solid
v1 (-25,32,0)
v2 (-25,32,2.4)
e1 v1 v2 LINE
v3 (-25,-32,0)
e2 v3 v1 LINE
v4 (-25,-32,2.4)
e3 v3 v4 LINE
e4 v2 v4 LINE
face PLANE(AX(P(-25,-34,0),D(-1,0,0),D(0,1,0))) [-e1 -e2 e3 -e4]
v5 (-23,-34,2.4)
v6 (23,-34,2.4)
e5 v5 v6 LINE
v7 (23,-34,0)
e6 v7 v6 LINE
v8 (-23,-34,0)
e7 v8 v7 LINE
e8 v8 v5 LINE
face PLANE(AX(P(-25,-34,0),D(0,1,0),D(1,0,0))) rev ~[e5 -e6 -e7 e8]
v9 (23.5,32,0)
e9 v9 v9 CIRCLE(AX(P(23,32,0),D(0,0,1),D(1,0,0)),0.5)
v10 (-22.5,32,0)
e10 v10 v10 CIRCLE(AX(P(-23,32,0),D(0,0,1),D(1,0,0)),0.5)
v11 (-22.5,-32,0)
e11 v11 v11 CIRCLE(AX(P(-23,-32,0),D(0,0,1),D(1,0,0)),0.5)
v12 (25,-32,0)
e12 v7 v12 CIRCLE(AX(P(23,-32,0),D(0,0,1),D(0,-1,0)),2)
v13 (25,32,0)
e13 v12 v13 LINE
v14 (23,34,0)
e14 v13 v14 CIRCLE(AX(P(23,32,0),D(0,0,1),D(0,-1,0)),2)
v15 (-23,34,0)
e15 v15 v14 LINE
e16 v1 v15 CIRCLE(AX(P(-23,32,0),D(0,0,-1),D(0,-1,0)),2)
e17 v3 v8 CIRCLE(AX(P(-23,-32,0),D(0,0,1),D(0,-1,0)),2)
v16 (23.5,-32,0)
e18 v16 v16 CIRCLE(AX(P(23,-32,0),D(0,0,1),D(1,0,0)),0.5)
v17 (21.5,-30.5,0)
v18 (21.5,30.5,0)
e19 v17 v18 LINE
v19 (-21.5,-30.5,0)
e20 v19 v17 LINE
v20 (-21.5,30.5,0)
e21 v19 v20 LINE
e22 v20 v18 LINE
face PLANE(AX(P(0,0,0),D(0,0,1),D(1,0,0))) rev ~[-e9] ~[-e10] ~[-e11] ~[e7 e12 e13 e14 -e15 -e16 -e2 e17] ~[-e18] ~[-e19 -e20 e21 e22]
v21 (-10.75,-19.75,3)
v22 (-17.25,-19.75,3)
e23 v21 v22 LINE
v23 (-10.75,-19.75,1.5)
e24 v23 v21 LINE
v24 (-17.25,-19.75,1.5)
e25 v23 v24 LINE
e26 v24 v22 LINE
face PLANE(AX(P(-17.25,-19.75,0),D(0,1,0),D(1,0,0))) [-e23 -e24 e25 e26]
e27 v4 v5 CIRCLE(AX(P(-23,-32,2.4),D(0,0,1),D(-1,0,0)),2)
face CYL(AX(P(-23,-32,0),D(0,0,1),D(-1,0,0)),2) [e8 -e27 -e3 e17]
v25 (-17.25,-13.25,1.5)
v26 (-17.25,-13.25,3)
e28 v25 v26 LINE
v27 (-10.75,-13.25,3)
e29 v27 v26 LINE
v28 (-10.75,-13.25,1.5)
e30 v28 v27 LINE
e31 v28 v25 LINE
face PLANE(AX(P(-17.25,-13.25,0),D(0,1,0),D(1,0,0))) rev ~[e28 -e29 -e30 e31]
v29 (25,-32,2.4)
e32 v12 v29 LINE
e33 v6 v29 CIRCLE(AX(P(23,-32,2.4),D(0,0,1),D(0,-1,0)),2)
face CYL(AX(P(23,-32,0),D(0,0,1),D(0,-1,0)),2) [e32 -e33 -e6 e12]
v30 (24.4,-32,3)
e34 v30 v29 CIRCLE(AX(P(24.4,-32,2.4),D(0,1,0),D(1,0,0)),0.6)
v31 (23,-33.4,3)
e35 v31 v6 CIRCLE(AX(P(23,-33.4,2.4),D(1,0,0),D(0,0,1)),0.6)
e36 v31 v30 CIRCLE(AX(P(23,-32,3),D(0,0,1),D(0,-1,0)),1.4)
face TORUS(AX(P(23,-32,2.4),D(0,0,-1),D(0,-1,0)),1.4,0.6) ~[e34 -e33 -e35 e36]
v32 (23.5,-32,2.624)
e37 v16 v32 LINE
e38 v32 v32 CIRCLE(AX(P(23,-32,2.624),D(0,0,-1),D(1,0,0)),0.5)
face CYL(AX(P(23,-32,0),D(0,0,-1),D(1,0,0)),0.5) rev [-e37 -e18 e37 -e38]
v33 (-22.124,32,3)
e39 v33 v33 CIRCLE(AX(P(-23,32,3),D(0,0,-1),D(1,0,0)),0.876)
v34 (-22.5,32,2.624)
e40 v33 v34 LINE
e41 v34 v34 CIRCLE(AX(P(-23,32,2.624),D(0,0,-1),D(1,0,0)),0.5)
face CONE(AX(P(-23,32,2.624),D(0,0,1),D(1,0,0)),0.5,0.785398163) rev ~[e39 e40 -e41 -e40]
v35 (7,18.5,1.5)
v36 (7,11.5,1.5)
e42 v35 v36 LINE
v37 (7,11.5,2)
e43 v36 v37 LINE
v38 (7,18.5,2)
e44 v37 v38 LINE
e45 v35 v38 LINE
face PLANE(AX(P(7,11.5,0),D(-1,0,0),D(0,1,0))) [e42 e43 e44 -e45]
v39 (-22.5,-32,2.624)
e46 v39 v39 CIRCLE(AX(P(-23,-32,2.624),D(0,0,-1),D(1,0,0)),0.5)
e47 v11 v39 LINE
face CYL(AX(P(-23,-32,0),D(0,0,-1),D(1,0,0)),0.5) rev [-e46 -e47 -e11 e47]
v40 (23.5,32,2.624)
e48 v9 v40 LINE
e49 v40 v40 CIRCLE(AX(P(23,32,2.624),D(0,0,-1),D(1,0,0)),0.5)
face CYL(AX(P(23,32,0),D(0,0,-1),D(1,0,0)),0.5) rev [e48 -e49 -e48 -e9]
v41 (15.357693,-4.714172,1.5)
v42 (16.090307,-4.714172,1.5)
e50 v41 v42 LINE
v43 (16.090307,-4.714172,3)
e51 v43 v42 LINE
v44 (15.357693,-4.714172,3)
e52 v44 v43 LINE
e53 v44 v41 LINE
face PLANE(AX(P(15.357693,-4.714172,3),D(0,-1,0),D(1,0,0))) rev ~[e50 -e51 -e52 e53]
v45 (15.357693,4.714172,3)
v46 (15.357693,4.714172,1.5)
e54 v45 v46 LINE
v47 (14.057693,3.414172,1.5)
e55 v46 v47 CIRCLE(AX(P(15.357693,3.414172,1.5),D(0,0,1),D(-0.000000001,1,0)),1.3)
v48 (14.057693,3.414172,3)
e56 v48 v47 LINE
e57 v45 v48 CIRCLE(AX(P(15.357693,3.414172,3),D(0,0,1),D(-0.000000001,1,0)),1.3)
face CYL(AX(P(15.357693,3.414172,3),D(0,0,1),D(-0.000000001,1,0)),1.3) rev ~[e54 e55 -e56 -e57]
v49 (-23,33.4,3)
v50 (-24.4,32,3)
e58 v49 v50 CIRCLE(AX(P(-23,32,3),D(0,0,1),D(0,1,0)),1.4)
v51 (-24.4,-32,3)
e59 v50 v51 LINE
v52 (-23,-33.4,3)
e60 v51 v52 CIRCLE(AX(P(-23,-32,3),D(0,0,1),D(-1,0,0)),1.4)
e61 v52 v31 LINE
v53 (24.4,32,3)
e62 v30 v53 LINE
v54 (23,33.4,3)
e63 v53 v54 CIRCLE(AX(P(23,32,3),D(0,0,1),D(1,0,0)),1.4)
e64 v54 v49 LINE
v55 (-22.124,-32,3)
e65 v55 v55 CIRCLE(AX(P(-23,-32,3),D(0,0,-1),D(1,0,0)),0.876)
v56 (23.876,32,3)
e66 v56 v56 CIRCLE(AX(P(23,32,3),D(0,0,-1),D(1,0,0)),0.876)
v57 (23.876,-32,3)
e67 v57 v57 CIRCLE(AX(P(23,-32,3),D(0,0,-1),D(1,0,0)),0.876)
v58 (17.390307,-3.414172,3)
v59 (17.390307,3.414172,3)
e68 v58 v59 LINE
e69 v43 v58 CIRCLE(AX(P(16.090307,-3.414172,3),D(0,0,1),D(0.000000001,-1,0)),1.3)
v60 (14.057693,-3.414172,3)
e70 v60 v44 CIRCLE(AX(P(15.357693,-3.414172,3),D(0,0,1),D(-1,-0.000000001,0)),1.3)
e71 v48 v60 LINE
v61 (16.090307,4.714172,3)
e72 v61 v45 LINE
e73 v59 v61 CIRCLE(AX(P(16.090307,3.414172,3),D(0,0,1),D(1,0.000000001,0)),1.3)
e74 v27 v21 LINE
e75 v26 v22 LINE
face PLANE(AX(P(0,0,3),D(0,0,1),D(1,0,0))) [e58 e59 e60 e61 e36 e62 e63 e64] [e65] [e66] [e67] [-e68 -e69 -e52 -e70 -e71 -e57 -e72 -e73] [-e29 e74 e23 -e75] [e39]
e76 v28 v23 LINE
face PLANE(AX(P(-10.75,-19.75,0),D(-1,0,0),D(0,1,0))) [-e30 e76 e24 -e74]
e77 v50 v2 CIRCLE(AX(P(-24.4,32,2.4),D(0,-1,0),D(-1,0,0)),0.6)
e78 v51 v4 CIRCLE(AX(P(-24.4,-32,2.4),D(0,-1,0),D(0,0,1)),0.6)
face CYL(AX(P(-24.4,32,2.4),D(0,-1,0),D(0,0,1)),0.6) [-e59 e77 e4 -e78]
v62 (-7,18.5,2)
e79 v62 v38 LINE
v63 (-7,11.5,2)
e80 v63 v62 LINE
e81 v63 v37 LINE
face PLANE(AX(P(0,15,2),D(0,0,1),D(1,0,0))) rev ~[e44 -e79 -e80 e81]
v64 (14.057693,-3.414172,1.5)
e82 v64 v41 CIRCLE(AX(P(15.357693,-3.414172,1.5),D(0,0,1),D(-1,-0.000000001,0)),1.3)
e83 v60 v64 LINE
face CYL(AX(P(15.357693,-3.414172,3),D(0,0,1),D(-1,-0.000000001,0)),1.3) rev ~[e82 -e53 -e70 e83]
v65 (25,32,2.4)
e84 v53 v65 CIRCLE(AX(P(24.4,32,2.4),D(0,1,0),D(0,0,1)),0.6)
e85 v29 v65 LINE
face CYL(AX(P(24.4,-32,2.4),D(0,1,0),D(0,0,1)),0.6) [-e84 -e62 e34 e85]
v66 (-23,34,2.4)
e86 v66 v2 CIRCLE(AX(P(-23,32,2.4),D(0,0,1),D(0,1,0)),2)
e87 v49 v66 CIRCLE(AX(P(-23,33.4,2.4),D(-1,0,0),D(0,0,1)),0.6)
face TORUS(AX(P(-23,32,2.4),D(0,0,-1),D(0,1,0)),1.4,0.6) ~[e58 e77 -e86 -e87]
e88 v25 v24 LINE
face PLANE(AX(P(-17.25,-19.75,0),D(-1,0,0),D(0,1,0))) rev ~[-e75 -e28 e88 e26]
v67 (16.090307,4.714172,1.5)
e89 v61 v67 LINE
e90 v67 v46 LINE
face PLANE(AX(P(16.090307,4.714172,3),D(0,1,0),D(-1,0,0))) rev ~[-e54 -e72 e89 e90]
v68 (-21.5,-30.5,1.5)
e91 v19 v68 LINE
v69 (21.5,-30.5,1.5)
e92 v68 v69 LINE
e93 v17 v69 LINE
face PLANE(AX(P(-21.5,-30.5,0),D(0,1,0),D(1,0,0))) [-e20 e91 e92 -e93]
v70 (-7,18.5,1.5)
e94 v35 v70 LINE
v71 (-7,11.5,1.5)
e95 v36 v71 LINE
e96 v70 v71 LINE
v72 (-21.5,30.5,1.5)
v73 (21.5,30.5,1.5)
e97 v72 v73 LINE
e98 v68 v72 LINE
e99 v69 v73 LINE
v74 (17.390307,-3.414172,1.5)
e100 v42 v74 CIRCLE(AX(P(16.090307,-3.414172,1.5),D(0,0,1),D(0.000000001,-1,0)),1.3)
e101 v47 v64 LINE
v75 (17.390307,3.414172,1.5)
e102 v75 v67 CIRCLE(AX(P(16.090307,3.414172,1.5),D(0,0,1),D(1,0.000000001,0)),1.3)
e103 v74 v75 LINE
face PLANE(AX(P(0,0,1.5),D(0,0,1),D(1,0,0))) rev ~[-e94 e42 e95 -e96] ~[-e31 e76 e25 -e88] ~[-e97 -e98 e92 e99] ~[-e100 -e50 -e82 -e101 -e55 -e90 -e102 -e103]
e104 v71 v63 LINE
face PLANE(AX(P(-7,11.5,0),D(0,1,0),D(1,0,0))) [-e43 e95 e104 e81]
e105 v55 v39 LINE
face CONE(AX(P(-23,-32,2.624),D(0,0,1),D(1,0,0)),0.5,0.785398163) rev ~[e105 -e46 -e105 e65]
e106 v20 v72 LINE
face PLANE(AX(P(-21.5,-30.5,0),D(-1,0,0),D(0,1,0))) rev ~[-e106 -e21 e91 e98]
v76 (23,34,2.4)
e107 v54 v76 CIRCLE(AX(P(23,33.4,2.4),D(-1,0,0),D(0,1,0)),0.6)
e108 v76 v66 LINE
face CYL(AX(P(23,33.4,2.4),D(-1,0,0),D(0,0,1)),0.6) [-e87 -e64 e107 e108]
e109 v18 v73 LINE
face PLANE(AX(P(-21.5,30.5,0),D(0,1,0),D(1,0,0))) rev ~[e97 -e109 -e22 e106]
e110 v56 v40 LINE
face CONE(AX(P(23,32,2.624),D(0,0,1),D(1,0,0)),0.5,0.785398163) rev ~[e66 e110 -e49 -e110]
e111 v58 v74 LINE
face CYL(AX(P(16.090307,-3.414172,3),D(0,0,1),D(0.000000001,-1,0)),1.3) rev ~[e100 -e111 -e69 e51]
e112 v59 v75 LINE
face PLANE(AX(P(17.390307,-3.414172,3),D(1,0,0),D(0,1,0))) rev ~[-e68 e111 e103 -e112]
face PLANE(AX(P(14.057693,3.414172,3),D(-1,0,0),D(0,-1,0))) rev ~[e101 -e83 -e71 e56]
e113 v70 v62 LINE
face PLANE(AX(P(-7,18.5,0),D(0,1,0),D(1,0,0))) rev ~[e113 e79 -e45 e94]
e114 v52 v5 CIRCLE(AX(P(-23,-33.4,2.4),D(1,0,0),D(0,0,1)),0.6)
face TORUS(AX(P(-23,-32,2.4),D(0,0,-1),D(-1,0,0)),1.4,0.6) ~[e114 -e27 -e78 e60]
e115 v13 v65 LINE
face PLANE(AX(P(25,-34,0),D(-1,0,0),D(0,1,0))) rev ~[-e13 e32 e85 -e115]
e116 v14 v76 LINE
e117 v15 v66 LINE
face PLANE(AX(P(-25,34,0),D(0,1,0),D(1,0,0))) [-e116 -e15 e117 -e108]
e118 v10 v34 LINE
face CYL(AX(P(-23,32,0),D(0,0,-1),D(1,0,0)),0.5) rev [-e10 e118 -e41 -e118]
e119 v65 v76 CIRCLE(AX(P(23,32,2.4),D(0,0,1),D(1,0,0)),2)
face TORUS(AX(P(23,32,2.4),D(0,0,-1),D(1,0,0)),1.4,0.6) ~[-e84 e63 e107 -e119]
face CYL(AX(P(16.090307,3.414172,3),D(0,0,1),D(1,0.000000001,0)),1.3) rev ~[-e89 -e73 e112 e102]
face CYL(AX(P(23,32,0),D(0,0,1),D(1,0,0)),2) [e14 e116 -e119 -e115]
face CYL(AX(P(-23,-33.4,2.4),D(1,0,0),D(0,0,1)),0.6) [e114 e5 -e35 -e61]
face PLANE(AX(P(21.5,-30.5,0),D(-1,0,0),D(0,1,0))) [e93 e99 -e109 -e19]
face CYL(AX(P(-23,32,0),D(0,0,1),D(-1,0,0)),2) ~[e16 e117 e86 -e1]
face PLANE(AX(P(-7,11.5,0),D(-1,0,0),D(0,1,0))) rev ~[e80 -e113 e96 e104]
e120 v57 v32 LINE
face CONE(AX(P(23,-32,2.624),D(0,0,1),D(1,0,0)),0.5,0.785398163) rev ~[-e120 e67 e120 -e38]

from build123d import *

# Parameters (mm, degrees)
SKETCH_1_W          = 50
SKETCH_1_H          = 68
EXTRUDE_1_DEPTH     = 3
FILLET_1_R          = 2
SKETCH_1_5_R        = 0.5
CUT_EXTRUDE_1_DEPTH = 43.308391603
SKETCH_1_6_W        = 43
SKETCH_1_6_H        = 61
CUT_EXTRUDE_2_DEPTH = 1.5
CHAMFER_1_SIZE      = 0.376
CUT_EXTRUDE_3_DEPTH = 43.308391603
SKETCH_6_W          = 14
SKETCH_6_H          = 7
CUT_EXTRUDE_4_DEPTH = 2
SKETCH_6_3_W        = 6.5
SKETCH_6_3_H        = 6.5
CUT_EXTRUDE_5_DEPTH = 43.308391603
FILLET_2_R          = 0.6


with BuildPart() as part:
    # 草图1 → 凸台-拉伸1 (new body)
    with BuildSketch(Plane.XY):
        Rectangle(SKETCH_1_W, SKETCH_1_H)
    extrude(amount=EXTRUDE_1_DEPTH)

    # 圆角1
    fillet_1_edges = [part.edges().sort_by_distance(p)[0] for p in [
        (-25, -34, 1.5),
        (-25, 34, 1.5),
        (25, 34, 1.5),
        (25, -34, 1.5),
    ]]
    fillet(fillet_1_edges, radius=FILLET_1_R)

    # 草图1<5> → 切除-拉伸1 (cut, through all)
    with BuildSketch(Plane.XY):
        with Locations((23, 32)):
            Circle(SKETCH_1_5_R)
        with Locations((-23, 32)):
            Circle(SKETCH_1_5_R)
        with Locations((-23, -32)):
            Circle(SKETCH_1_5_R)
        with Locations((23, -32)):
            Circle(SKETCH_1_5_R)
    extrude(amount=CUT_EXTRUDE_1_DEPTH, mode=Mode.SUBTRACT)

    # 草图1<6> → 切除-拉伸2 (cut)
    with BuildSketch(Plane.XY):
        Rectangle(SKETCH_1_6_W, SKETCH_1_6_H)
    extrude(amount=CUT_EXTRUDE_2_DEPTH, mode=Mode.SUBTRACT)

    # 倒角1
    chamfer_1_edges = [part.edges().sort_by_distance(p)[0] for p in [
        (22.5, -32, 3),
        (-23.5, -32, 3),
        (-23.5, 32, 3),
        (22.5, 32, 3),
    ]]
    chamfer(chamfer_1_edges, length=CHAMFER_1_SIZE)

    # 草图5 → 切除-拉伸3 (cut, through all)
    with BuildSketch(Plane.XY.offset(3)):
        with BuildLine():
            Line((15.357692994, -4.714172352), (16.090307006, -4.714172352))
            ThreePointArc((16.090307006, -4.714172352), (17.009545821, -4.333411167), (17.390307006, -3.414172352))
            Line((17.390307006, -3.414172352), (17.390307006, 3.414172352))
            ThreePointArc((17.390307006, 3.414172352), (17.009545821, 4.333411167), (16.090307006, 4.714172352))
            Line((16.090307006, 4.714172352), (15.357692994, 4.714172352))
            ThreePointArc((15.357692994, 4.714172352), (14.438454179, 4.333411167), (14.057692994, 3.414172352))
            Line((14.057692994, 3.414172352), (14.057692994, -3.414172352))
            ThreePointArc((14.057692994, -3.414172352), (14.438454179, -4.333411167), (15.357692994, -4.714172352))
        make_face()
    extrude(amount=-CUT_EXTRUDE_3_DEPTH, mode=Mode.SUBTRACT)

    # 草图6 → 切除-拉伸4 (cut)
    with BuildSketch(Plane.XY):
        with Locations((0, 15)):
            Rectangle(SKETCH_6_W, SKETCH_6_H)
    extrude(amount=CUT_EXTRUDE_4_DEPTH, mode=Mode.SUBTRACT)

    # 草图6<3> → 切除-拉伸5 (cut, through all)
    with BuildSketch(Plane.XY):
        with Locations((-14, -16.5)):
            Rectangle(SKETCH_6_3_W, SKETCH_6_3_H)
    extrude(amount=CUT_EXTRUDE_5_DEPTH, mode=Mode.SUBTRACT)

    # 圆角2
    fillet_2_edges = [part.edges().sort_by_distance(p)[0] for p in [
        (0, -34, 3),
        (-25, 0, 3),
        (25, 0, 3),
        (0, 34, 3),
        (-24.414213562, 33.414213562, 3),
        (24.414213562, 33.414213562, 3),
        (24.414213562, -33.414213562, 3),
        (-24.414213562, -33.414213562, 3),
    ]]
    fillet(fillet_2_edges, radius=FILLET_2_R)


solid = part.part
